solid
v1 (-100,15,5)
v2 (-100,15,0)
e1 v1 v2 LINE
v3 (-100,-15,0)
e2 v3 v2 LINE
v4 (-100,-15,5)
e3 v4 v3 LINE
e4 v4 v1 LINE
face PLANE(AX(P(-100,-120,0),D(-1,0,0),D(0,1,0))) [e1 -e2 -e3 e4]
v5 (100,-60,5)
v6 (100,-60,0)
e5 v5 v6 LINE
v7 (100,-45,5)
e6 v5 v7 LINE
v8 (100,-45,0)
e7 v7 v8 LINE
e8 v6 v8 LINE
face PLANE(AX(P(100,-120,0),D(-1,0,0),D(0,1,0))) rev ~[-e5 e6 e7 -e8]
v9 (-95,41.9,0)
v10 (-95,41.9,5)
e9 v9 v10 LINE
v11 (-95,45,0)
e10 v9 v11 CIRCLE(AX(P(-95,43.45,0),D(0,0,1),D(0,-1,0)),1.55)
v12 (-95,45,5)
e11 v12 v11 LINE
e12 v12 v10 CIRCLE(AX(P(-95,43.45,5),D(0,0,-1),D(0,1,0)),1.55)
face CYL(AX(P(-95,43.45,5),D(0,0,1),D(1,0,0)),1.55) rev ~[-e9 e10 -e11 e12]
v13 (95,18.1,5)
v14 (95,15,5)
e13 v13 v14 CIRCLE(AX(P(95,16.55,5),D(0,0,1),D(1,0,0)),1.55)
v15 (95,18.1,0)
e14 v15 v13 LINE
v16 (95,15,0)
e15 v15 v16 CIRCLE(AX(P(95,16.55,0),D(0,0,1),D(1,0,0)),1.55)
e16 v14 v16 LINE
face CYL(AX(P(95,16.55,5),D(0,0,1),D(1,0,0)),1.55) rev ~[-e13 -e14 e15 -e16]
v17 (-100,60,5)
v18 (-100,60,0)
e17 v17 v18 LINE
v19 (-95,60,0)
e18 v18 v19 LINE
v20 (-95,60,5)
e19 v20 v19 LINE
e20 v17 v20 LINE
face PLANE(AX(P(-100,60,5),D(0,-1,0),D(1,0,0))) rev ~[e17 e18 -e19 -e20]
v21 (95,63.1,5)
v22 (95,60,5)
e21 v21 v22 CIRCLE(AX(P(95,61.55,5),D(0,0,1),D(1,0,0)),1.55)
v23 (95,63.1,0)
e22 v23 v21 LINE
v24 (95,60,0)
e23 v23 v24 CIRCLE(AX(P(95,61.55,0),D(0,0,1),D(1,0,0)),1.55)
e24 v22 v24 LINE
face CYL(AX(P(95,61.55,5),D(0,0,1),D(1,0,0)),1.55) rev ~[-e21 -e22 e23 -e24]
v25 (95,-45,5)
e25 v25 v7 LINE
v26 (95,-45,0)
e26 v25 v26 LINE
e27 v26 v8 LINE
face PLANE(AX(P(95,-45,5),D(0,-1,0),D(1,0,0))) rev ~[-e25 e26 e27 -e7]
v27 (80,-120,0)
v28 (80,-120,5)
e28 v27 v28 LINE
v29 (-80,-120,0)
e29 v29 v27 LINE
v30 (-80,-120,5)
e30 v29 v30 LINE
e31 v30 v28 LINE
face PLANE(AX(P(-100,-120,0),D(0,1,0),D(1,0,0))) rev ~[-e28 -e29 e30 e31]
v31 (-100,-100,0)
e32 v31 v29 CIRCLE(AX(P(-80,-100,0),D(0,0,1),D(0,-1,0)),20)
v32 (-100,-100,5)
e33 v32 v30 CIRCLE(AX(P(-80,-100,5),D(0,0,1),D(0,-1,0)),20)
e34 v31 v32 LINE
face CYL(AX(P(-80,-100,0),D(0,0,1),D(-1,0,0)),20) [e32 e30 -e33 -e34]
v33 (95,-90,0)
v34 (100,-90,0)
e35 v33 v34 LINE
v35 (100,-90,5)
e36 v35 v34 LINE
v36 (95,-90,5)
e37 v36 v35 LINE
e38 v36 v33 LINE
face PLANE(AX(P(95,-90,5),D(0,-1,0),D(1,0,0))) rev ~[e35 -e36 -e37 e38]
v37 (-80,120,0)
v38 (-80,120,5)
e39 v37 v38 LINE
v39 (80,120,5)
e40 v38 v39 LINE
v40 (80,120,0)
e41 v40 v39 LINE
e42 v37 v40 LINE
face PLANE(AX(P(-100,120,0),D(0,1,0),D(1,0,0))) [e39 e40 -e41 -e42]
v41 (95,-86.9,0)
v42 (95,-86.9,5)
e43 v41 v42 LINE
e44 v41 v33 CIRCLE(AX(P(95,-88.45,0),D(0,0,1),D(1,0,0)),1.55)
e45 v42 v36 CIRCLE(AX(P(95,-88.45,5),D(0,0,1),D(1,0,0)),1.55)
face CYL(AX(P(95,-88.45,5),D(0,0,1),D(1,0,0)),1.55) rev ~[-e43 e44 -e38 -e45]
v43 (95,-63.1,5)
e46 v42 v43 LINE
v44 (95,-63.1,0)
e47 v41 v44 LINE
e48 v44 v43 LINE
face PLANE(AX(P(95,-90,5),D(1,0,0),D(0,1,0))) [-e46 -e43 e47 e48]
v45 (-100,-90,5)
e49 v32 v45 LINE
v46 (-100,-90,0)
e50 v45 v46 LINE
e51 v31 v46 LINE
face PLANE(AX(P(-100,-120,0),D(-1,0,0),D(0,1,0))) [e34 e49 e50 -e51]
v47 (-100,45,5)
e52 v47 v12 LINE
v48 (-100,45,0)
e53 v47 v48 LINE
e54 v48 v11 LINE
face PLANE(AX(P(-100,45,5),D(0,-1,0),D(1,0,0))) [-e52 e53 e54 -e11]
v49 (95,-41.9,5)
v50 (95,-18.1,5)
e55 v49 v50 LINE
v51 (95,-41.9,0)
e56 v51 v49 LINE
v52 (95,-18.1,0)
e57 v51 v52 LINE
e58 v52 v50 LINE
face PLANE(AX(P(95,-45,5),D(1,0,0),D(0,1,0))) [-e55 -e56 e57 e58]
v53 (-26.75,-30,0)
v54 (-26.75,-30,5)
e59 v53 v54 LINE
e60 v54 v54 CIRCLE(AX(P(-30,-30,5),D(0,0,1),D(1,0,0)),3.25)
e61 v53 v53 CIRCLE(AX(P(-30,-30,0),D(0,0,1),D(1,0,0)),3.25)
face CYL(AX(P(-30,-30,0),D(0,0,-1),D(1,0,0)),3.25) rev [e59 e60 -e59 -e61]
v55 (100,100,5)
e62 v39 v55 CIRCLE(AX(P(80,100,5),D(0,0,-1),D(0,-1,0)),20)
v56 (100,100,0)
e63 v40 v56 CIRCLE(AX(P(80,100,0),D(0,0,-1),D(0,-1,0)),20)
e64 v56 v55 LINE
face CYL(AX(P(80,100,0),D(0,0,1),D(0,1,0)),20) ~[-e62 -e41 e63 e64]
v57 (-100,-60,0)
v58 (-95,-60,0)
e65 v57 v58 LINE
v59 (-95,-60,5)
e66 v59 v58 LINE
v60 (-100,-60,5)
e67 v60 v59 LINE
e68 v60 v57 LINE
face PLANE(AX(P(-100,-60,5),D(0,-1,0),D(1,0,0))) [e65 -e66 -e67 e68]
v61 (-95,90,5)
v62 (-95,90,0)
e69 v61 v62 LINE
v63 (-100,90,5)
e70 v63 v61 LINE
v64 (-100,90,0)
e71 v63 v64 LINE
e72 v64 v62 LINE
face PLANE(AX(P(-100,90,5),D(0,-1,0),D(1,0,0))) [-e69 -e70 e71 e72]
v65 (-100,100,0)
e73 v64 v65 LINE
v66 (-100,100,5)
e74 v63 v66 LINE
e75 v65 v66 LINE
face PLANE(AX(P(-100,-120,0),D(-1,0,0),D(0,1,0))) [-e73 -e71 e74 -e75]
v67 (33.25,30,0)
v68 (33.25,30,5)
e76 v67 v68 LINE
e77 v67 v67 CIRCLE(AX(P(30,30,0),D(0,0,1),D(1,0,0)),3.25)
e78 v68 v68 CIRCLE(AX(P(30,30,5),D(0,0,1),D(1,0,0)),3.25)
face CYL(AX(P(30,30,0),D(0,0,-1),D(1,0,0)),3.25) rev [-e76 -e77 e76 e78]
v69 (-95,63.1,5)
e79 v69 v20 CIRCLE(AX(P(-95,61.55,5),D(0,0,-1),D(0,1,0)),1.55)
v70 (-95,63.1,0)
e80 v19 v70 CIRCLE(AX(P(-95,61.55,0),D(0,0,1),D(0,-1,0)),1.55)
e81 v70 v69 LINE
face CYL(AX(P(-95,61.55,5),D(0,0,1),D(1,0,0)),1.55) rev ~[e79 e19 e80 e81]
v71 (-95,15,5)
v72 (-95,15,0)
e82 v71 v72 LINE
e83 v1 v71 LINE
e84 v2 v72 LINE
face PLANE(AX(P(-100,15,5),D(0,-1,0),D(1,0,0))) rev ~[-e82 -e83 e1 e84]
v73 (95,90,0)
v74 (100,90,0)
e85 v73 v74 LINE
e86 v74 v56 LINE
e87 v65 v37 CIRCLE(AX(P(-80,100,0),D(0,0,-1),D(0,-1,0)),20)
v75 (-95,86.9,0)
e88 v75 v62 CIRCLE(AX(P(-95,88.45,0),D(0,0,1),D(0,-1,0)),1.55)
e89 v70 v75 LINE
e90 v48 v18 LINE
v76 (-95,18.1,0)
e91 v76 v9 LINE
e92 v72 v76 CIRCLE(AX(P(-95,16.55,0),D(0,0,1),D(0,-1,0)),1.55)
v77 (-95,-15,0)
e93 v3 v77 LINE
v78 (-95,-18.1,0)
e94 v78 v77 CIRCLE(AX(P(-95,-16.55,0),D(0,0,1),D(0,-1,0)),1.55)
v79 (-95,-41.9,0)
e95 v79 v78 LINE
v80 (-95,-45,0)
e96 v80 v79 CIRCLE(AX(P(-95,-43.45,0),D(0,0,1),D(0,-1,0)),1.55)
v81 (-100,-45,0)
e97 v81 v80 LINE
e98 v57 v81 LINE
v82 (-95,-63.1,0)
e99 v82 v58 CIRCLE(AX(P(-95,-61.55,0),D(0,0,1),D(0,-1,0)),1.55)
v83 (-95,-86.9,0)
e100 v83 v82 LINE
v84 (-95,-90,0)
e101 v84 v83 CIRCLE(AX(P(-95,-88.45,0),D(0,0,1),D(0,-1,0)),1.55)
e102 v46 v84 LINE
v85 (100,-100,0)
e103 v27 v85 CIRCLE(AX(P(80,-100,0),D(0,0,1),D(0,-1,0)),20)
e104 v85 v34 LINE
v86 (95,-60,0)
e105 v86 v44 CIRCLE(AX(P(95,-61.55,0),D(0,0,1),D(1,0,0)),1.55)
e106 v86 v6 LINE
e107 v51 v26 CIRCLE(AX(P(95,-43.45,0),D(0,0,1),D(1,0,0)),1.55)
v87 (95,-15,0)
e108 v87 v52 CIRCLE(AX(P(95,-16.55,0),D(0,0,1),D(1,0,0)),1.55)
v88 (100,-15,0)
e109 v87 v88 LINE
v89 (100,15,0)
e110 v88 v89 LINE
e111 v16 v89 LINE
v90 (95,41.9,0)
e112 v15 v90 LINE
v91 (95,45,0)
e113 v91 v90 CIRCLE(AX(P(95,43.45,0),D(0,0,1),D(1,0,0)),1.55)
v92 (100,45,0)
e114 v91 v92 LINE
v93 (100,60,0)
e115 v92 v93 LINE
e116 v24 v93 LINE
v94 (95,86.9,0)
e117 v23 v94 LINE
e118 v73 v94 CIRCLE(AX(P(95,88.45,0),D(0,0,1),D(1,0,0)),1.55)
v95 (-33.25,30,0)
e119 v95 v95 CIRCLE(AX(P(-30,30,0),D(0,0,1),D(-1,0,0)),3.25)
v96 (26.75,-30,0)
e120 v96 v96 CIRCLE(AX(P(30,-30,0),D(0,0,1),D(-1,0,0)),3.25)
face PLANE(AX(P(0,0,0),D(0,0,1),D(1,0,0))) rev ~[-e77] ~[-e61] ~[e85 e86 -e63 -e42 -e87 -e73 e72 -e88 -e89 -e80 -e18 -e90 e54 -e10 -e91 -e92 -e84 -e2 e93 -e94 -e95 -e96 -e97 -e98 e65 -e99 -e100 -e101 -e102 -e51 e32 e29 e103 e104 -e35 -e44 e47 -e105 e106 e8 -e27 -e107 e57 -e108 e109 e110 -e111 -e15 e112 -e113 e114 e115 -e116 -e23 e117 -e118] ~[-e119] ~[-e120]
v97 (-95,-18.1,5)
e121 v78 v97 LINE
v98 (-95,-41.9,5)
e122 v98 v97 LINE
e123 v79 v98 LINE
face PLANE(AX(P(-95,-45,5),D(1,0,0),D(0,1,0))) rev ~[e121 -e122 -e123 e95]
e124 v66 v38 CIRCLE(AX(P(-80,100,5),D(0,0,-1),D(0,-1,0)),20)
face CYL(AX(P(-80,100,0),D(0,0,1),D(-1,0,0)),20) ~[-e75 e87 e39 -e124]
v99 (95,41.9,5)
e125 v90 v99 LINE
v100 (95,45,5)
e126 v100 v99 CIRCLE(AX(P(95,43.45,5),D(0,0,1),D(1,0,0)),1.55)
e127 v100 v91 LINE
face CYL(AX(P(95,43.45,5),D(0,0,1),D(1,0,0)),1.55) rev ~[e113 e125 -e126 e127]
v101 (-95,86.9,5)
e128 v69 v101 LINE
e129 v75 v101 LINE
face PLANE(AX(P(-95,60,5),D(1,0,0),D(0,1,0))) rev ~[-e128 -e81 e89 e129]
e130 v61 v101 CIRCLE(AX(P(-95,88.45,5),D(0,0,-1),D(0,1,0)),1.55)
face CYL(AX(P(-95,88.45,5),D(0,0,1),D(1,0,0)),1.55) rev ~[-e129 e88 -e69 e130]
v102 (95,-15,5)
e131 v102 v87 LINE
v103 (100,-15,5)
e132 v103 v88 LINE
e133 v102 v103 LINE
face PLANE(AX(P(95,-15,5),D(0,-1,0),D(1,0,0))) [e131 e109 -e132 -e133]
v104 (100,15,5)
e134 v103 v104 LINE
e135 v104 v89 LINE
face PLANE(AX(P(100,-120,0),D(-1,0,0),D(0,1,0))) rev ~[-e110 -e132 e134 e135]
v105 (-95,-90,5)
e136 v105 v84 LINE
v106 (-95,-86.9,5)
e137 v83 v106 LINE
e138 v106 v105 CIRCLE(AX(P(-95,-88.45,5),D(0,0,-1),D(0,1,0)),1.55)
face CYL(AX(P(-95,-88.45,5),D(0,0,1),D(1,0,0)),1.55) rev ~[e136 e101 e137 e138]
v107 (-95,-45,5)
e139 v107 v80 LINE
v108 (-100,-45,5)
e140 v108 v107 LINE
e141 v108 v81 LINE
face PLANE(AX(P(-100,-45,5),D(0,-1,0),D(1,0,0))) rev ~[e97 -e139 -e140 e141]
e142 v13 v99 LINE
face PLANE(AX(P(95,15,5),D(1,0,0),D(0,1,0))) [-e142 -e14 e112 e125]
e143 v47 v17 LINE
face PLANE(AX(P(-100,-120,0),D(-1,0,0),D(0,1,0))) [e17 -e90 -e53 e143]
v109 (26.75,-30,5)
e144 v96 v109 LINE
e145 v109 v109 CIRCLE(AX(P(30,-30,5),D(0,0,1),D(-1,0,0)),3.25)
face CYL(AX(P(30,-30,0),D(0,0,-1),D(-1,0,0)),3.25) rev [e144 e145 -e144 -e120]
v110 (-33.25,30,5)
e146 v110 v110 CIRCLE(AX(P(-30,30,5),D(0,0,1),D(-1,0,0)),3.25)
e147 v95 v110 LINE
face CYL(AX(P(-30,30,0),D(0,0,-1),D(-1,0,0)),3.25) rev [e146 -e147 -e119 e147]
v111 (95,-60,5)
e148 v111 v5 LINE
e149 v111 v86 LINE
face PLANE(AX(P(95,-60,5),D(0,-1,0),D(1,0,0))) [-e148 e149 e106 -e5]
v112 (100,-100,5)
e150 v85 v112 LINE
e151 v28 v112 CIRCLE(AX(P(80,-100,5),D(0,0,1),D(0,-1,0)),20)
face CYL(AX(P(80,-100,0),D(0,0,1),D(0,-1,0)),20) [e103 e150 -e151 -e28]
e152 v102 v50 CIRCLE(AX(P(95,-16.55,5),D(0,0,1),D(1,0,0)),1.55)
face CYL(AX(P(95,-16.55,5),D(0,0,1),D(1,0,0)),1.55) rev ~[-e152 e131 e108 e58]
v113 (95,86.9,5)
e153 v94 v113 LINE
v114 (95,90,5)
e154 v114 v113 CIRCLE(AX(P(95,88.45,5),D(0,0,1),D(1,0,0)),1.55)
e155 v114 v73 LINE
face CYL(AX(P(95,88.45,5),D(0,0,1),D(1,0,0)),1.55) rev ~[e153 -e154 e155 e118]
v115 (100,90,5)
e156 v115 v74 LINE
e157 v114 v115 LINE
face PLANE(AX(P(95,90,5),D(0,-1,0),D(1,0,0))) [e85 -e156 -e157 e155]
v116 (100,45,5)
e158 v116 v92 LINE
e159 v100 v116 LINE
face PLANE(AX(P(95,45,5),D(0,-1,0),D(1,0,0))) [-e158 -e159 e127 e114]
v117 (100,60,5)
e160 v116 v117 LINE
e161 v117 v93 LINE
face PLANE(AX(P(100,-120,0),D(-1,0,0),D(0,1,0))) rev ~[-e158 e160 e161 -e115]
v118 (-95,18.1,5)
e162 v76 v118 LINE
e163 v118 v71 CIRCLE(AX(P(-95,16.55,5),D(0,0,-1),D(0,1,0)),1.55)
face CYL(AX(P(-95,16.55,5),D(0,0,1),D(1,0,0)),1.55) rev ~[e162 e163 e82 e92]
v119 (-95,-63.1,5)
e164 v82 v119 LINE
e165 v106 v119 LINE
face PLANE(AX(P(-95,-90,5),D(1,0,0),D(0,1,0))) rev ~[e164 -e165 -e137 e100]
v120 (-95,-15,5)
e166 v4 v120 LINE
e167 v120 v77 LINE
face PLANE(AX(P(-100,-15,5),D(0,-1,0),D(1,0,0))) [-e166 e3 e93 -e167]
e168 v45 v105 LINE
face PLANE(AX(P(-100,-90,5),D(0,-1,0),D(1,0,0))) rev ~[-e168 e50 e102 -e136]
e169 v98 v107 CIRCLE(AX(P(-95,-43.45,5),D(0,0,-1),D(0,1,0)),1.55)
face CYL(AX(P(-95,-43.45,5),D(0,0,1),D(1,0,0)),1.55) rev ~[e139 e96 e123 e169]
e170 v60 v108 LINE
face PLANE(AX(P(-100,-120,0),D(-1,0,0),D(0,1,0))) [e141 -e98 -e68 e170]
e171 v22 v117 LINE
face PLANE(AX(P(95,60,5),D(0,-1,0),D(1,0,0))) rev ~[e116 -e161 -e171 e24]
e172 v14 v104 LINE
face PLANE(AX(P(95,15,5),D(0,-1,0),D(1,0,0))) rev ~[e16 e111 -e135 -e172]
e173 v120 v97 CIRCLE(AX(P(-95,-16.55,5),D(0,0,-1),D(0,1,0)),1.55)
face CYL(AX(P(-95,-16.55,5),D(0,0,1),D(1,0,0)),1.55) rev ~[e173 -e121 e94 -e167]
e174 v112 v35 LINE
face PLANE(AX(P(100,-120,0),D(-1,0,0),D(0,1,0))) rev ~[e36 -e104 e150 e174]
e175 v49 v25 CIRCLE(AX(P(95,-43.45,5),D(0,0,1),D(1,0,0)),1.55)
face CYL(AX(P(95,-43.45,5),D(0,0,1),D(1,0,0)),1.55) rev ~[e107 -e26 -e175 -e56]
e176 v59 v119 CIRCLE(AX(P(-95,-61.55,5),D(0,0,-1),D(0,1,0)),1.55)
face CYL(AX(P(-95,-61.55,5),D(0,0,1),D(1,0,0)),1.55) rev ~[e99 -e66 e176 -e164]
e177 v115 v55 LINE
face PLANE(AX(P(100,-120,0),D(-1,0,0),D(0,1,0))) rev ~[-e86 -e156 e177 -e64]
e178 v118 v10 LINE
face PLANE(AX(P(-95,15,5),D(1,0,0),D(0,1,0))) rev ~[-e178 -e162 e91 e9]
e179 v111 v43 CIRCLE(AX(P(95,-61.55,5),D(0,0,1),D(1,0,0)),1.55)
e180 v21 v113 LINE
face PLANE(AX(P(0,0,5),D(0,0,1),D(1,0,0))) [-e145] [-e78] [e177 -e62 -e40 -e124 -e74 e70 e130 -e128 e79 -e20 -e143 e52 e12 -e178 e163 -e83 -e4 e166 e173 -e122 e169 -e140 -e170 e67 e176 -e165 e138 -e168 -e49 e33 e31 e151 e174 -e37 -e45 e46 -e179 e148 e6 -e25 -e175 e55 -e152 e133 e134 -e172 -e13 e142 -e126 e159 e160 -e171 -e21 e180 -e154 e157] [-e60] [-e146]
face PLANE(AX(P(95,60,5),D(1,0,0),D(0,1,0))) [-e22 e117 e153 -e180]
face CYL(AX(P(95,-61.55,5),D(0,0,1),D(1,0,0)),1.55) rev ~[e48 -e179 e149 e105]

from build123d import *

# Parameters (mm, degrees)
SKETCH_1_W          = 200
SKETCH_1_H          = 240
SKETCH_1_R          = 3.25
EXTRUDE_1_DEPTH     = 5
FILLET_1_R          = 20
SKETCH_3_W          = 5
SKETCH_3_H          = 30
CUT_EXTRUDE_1_DEPTH = 39
SKETCH_4_R          = 1.55
CUT_EXTRUDE_2_DEPTH = 5


with BuildPart() as part:
    # 草图1 → 凸台-拉伸1 (new body)
    with BuildSketch(Plane.XY):
        Rectangle(SKETCH_1_W, SKETCH_1_H)
        with Locations((30, 30)):
            Circle(SKETCH_1_R, mode=Mode.SUBTRACT)
        with Locations(Location((30, -30, 0), (0, 0, 180))):
            Circle(SKETCH_1_R, mode=Mode.SUBTRACT)
        with Locations(Location((-30, 30, 0), (0, 0, 180))):
            Circle(SKETCH_1_R, mode=Mode.SUBTRACT)
        with Locations((-30, -30)):
            Circle(SKETCH_1_R, mode=Mode.SUBTRACT)
    extrude(amount=EXTRUDE_1_DEPTH)

    # 圆角1
    fillet_1_edges = [part.edges().sort_by_distance(p)[0] for p in [
        (-100, 120, 2.5),
        (-100, -120, 2.5),
        (100, -120, 2.5),
        (100, 120, 2.5),
    ]]
    fillet(fillet_1_edges, radius=FILLET_1_R)

    # 草图3 → 切除-拉伸1 (cut)
    with BuildSketch(Plane.XY.offset(5)):
        with Locations((97.5, 75)):
            Rectangle(SKETCH_3_W, SKETCH_3_H)
        with Locations((97.5, -30)):
            Rectangle(SKETCH_3_W, SKETCH_3_H)
        with Locations((97.5, 30)):
            Rectangle(SKETCH_3_W, SKETCH_3_H)
        with Locations((97.5, -75)):
            Rectangle(SKETCH_3_W, SKETCH_3_H)
        with Locations((-97.5, -75)):
            Rectangle(SKETCH_3_W, SKETCH_3_H)
        with Locations((-97.5, -30)):
            Rectangle(SKETCH_3_W, SKETCH_3_H)
        with Locations((-97.5, 30)):
            Rectangle(SKETCH_3_W, SKETCH_3_H)
        with Locations((-97.5, 75)):
            Rectangle(SKETCH_3_W, SKETCH_3_H)
    extrude(amount=-CUT_EXTRUDE_1_DEPTH, mode=Mode.SUBTRACT)

    # 草图4 → 切除-拉伸2 (cut)
    with BuildSketch(Plane.XY.offset(5)):
        with Locations((95, 88.45)):
            Circle(SKETCH_4_R)
        with Locations((95, 61.55)):
            Circle(SKETCH_4_R)
        with Locations((95, 43.45)):
            Circle(SKETCH_4_R)
        with Locations((95, 16.55)):
            Circle(SKETCH_4_R)
        with Locations((95, -16.55)):
            Circle(SKETCH_4_R)
        with Locations((95, -43.45)):
            Circle(SKETCH_4_R)
        with Locations((95, -61.55)):
            Circle(SKETCH_4_R)
        with Locations((95, -88.45)):
            Circle(SKETCH_4_R)
        with Locations((-95, -88.45)):
            Circle(SKETCH_4_R)
        with Locations((-95, -61.55)):
            Circle(SKETCH_4_R)
        with Locations((-95, -43.45)):
            Circle(SKETCH_4_R)
        with Locations((-95, -16.55)):
            Circle(SKETCH_4_R)
        with Locations((-95, 16.55)):
            Circle(SKETCH_4_R)
        with Locations((-95, 43.45)):
            Circle(SKETCH_4_R)
        with Locations((-95, 61.55)):
            Circle(SKETCH_4_R)
        with Locations((-95, 88.45)):
            Circle(SKETCH_4_R)
    extrude(amount=-CUT_EXTRUDE_2_DEPTH, mode=Mode.SUBTRACT)


solid = part.part
